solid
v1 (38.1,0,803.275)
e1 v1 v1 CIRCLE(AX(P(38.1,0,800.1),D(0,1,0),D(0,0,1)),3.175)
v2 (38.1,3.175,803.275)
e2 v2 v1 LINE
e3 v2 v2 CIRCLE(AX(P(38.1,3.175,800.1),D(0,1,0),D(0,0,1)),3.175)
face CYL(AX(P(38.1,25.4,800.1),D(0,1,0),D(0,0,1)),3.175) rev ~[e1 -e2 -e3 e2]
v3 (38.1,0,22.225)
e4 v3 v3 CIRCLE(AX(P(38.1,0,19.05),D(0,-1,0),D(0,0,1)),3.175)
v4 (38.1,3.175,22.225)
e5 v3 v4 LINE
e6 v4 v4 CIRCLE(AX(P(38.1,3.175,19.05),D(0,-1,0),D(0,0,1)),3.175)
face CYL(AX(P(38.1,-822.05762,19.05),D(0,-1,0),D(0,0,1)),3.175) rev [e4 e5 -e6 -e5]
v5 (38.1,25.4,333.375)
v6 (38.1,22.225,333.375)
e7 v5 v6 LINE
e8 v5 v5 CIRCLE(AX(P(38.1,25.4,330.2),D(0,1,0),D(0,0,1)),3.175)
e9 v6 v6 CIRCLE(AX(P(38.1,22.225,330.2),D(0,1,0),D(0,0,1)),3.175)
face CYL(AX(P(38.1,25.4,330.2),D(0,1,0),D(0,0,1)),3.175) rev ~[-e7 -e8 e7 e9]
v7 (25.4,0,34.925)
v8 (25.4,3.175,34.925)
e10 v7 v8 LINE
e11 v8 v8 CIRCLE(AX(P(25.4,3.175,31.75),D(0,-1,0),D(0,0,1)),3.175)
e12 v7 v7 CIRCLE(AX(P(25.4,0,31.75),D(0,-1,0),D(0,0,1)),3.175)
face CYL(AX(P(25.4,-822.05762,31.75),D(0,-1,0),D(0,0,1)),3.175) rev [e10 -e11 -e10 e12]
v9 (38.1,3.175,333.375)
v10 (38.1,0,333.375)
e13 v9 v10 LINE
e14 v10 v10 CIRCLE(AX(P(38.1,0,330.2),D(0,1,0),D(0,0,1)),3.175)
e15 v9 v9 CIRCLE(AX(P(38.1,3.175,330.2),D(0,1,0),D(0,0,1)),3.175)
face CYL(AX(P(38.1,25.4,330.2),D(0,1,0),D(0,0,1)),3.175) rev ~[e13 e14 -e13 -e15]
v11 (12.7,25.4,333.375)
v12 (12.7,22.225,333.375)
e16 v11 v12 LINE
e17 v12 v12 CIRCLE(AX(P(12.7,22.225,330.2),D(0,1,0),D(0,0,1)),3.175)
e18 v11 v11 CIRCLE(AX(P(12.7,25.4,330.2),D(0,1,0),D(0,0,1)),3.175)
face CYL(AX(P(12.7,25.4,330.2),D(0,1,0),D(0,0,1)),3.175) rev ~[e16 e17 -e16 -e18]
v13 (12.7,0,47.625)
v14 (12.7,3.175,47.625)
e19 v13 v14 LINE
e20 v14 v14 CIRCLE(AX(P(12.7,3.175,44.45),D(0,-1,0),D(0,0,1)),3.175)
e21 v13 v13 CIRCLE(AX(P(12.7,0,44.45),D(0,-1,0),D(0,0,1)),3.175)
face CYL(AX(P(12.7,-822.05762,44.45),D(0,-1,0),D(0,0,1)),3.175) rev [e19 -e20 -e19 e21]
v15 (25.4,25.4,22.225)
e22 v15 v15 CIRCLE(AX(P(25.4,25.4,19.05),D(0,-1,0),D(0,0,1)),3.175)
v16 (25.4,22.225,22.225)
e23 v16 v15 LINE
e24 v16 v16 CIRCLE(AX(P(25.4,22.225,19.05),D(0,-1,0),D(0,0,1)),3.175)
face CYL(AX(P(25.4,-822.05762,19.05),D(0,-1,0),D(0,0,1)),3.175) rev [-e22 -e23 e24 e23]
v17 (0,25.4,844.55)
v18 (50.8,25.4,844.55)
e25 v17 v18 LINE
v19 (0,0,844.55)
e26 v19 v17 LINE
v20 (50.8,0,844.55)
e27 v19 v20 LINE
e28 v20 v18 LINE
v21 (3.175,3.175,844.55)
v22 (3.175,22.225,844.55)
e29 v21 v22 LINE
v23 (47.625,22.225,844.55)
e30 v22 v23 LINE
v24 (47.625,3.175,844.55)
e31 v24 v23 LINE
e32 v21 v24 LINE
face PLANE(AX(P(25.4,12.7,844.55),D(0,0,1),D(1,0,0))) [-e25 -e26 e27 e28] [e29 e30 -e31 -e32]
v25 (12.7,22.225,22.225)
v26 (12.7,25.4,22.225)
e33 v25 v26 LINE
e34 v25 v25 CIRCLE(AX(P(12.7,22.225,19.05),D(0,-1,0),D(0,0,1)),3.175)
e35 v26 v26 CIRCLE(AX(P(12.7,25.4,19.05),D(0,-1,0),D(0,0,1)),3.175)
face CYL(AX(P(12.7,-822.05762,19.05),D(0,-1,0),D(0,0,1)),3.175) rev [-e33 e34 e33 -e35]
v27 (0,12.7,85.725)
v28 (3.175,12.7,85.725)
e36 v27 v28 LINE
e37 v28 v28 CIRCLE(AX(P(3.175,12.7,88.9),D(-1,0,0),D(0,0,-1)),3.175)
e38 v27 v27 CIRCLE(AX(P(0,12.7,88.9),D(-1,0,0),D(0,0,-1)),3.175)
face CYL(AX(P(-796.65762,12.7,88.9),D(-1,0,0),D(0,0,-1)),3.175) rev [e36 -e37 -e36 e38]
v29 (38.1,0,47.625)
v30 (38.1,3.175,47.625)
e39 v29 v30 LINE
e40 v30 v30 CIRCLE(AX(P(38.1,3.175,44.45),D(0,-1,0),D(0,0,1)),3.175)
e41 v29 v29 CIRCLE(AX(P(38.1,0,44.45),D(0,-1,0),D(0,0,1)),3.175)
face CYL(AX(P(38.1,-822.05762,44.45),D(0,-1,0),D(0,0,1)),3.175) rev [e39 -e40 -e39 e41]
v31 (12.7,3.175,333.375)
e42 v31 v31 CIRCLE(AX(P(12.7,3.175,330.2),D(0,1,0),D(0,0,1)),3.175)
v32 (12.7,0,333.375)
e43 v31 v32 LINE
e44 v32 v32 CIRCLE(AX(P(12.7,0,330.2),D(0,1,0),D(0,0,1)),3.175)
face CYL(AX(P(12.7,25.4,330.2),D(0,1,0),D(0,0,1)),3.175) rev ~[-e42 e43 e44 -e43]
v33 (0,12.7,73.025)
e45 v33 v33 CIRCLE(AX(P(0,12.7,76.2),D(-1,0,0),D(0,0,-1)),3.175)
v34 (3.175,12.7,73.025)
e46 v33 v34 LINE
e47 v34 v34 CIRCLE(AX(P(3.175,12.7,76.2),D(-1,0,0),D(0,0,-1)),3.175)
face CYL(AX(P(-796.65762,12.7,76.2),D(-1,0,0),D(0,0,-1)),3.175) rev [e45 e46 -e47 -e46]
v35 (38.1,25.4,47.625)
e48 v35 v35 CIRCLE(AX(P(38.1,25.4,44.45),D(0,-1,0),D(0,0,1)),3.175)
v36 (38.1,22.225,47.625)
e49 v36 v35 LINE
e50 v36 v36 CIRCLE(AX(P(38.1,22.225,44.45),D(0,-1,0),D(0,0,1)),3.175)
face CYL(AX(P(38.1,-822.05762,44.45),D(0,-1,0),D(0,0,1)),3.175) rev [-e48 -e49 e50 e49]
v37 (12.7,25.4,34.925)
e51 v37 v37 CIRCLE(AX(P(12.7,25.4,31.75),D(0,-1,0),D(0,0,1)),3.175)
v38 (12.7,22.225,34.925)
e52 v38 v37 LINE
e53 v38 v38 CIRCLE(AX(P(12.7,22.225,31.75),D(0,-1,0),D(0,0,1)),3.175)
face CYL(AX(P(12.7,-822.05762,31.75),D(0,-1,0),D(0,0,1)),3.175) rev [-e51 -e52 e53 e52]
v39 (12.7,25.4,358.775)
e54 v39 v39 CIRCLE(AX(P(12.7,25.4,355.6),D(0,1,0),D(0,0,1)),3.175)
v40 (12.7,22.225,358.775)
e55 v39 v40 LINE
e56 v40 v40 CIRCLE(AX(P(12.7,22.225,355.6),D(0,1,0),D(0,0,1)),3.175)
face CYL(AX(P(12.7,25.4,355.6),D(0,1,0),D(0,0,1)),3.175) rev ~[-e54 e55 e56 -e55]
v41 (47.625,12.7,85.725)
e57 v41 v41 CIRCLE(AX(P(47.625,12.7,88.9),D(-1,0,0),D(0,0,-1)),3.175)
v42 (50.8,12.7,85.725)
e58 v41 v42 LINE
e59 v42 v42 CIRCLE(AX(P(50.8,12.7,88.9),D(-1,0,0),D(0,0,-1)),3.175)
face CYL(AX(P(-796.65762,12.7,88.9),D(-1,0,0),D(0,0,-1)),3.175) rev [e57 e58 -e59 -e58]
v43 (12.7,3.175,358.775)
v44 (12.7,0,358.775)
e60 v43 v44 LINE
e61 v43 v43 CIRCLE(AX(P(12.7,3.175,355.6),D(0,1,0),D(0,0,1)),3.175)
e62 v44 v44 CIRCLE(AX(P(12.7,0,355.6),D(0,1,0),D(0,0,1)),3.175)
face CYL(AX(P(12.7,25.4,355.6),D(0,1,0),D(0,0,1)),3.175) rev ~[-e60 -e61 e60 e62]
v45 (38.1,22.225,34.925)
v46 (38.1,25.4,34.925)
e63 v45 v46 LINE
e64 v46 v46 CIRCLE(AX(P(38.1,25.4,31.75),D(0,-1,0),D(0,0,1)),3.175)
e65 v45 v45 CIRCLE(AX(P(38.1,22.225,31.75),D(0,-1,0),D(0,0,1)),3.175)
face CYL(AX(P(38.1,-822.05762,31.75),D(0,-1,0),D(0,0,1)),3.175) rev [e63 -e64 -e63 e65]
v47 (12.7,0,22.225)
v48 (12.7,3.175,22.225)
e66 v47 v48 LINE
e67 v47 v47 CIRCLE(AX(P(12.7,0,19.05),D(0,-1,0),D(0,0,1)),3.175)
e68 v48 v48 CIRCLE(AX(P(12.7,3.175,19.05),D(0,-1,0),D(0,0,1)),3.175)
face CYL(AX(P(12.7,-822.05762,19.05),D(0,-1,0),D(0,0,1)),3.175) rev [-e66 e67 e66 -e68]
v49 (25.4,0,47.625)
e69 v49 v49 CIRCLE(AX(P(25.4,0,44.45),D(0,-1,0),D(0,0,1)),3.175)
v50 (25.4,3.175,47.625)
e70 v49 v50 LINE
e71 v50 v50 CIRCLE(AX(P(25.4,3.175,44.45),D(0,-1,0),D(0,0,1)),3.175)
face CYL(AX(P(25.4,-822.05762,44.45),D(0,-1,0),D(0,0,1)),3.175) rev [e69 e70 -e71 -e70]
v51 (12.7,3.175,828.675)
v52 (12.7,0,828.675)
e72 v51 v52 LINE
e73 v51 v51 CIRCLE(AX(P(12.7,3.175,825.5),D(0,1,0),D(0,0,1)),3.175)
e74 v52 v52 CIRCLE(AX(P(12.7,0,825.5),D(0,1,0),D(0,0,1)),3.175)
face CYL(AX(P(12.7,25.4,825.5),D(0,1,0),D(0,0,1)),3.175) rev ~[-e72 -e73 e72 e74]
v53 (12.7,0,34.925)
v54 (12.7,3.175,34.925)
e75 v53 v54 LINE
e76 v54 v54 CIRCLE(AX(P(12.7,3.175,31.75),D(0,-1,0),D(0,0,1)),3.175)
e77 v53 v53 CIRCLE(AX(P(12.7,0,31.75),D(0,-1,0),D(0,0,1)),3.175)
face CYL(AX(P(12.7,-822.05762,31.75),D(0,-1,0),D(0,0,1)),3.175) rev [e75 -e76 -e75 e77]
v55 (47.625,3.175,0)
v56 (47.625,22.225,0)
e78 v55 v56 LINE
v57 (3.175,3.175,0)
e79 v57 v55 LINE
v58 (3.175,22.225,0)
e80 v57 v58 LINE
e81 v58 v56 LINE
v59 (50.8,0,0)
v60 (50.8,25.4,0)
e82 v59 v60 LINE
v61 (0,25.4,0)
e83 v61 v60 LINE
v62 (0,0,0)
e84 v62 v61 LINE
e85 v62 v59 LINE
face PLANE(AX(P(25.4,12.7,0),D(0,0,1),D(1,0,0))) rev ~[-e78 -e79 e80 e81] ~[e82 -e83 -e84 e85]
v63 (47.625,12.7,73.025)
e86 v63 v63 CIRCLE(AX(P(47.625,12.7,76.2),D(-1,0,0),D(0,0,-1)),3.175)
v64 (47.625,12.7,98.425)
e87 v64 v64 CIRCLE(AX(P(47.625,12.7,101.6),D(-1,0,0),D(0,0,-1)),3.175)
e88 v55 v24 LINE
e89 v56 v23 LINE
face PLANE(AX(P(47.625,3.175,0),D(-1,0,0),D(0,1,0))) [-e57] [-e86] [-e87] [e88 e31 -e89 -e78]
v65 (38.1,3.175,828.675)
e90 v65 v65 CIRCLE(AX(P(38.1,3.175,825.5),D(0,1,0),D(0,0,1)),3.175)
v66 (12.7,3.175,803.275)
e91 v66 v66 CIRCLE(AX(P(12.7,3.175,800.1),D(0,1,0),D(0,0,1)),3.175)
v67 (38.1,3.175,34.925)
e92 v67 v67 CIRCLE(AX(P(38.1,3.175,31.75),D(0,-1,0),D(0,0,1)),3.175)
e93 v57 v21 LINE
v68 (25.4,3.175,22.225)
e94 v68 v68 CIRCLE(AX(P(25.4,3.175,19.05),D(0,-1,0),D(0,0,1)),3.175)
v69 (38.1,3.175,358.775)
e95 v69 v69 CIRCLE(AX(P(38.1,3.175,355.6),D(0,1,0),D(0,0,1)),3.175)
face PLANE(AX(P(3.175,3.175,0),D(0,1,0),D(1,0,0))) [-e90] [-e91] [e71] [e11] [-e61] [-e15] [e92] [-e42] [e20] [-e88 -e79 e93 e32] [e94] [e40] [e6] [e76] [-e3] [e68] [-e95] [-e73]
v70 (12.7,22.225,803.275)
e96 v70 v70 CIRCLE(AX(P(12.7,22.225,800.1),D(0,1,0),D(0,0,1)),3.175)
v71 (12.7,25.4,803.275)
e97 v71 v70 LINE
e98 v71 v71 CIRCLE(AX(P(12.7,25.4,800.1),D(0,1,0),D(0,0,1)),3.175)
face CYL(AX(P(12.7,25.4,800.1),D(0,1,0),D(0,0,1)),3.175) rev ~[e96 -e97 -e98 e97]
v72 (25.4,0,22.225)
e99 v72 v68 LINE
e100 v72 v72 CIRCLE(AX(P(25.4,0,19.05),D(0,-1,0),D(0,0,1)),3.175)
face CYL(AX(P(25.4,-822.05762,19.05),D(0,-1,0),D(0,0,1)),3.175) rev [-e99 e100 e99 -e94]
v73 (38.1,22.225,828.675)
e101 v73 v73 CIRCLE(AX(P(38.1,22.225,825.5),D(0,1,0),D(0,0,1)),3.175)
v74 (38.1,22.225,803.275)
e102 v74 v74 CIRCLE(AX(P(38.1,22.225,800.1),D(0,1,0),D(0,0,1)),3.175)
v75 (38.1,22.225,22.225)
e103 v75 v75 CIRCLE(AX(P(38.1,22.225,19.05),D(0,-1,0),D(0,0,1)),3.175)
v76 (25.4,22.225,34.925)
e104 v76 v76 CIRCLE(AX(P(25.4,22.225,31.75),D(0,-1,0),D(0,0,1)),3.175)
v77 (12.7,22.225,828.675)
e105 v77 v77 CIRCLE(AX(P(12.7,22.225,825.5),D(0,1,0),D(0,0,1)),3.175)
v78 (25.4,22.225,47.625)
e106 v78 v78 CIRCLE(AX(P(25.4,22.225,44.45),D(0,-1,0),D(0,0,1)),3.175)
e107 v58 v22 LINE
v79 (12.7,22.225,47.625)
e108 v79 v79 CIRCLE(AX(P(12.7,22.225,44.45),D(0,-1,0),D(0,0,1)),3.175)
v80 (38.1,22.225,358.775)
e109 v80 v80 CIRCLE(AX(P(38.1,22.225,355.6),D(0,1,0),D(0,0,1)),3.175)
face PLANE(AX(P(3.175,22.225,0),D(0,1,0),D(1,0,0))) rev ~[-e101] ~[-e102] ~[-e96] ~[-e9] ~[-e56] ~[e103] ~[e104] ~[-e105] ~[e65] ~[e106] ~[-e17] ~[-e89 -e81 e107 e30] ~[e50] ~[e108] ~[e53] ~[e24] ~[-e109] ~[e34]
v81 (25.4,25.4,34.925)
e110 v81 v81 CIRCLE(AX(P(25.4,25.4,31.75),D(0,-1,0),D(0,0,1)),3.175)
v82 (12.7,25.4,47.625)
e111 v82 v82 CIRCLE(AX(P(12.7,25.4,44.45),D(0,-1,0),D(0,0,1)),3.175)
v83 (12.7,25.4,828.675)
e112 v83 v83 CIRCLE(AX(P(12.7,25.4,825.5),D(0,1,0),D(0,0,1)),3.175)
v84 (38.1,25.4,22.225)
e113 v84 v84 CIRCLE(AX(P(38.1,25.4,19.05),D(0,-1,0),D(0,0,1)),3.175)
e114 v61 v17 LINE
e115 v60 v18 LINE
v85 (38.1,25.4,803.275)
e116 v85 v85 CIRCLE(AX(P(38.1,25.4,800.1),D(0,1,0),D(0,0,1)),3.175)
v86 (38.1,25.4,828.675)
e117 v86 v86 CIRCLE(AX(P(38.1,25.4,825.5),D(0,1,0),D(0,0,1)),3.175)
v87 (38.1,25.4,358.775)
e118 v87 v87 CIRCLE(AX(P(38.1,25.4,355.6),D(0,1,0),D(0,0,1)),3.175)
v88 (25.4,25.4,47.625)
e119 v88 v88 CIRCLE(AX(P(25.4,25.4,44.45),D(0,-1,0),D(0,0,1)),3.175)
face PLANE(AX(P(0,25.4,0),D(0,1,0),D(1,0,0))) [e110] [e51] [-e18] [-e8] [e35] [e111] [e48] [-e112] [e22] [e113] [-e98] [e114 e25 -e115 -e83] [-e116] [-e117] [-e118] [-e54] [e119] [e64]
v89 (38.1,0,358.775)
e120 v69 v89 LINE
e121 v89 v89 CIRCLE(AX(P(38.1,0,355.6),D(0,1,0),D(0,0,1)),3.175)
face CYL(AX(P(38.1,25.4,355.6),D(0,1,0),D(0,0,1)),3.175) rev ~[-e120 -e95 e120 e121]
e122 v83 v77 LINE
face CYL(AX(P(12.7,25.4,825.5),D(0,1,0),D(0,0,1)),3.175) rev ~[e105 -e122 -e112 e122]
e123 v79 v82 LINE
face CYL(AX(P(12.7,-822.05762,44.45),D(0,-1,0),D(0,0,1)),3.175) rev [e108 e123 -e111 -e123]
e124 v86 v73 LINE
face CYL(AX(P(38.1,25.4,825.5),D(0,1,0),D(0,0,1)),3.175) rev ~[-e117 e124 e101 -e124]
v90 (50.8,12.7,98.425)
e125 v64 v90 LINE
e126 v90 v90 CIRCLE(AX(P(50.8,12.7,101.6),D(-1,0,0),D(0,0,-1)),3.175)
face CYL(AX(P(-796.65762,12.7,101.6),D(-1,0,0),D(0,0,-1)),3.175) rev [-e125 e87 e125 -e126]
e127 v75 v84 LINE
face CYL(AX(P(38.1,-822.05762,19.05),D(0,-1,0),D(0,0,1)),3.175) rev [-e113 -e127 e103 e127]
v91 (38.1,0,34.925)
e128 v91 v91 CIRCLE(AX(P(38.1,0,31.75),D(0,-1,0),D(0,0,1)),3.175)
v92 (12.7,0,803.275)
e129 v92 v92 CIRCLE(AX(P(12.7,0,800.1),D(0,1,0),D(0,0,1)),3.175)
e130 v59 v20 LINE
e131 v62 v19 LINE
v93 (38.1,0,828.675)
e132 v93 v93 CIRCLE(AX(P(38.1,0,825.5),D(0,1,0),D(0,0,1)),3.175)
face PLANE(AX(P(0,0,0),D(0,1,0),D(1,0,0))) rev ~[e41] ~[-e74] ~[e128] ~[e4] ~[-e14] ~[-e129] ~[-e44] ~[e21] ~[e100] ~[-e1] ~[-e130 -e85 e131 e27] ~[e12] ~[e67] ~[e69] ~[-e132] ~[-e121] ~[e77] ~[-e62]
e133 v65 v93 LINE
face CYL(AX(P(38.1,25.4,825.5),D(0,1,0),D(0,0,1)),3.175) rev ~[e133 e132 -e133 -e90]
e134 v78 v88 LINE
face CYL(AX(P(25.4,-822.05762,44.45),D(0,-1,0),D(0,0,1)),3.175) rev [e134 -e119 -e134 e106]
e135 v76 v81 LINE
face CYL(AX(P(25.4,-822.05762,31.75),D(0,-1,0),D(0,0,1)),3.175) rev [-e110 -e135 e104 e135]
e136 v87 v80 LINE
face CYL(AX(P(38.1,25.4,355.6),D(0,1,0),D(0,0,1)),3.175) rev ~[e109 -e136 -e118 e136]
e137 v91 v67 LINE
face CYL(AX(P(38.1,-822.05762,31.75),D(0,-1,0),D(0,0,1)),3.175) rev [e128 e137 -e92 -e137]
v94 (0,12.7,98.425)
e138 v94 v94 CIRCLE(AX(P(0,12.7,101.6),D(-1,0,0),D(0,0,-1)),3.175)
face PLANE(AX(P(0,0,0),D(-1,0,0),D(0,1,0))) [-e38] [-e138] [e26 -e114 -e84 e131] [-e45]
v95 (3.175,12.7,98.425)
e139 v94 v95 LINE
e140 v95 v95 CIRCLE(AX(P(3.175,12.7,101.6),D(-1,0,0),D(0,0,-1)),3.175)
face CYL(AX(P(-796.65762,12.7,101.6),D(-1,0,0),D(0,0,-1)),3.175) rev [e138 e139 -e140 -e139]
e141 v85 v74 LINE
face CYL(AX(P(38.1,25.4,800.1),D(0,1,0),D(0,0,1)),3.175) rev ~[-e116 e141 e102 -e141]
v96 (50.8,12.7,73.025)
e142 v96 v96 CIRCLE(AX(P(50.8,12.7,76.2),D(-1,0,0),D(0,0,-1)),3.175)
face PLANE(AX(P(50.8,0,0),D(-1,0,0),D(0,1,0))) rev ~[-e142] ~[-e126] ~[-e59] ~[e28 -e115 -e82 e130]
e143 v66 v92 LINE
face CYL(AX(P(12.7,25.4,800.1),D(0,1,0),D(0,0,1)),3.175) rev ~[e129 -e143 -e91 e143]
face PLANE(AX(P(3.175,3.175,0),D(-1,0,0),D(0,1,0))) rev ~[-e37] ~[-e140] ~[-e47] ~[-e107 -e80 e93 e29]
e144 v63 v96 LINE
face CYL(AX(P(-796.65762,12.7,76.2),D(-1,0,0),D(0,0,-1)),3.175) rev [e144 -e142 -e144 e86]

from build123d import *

# Parameters (mm, degrees)
SKETCH1_W               = 50.8
SKETCH1_H               = 25.4
SKETCH1_W_2             = 44.45
SKETCH1_H_2             = 19.05
BOSS_EXTRUDE1_DEPTH     = 844.55
CUT_EXTRUDE1_DEPTH      = 847.457620026
CUT_EXTRUDE1_DEPTH_BACK = 847.457620026
SKETCH2_R               = 3.175
CUT_EXTRUDE2_DEPTH      = 847.457620026
CUT_EXTRUDE2_DEPTH_BACK = 847.457620026
SKETCH3_R               = 3.175
SKETCH4_R               = 3.175
CUT_EXTRUDE3_DEPTH      = 847.457620026
SKETCH5_R               = 3.175
CUT_EXTRUDE4_DEPTH      = 847.457620026


with BuildPart() as part:
    # Sketch1 → Boss-Extrude1 (new body)
    with BuildSketch(Plane.XY):
        with Locations((25.4, 12.7)):
            Rectangle(SKETCH1_W, SKETCH1_H)
        with Locations((25.4, 12.7)):
            Rectangle(SKETCH1_W_2, SKETCH1_H_2, mode=Mode.SUBTRACT)
    extrude(amount=BOSS_EXTRUDE1_DEPTH)

    # Sketch2 → Cut-Extrude1 (cut, two sides: drawn at the far end of the back side and taken through both)
    with BuildSketch(Plane(origin=(50.8, 0, 0), x_dir=(0, 0, -1), z_dir=(1, 0, 0)).offset(-CUT_EXTRUDE1_DEPTH_BACK)):
        with Locations((-76.2, 12.7)):
            Circle(SKETCH2_R)
        with Locations((-88.9, 12.7)):
            Circle(SKETCH2_R)
        with Locations((-101.6, 12.7)):
            Circle(SKETCH2_R)
    extrude(amount=CUT_EXTRUDE1_DEPTH + CUT_EXTRUDE1_DEPTH_BACK, mode=Mode.SUBTRACT)

    # Sketch3 → Cut-Extrude2 (cut, two sides: drawn at the far end of the back side and taken through both)
    with BuildSketch(Plane(origin=(0, 25.4, 0), x_dir=(1, 0, 0), z_dir=(0, 1, 0)).offset(-CUT_EXTRUDE2_DEPTH_BACK)):
        with Locations(Location((12.7, -19.05, 0), (0, 0, 270))):
            Circle(SKETCH3_R)
        with Locations(Location((25.4, -19.05, 0), (0, 0, 270))):
            Circle(SKETCH3_R)
        with Locations(Location((38.1, -19.05, 0), (0, 0, 270))):
            Circle(SKETCH3_R)
        with Locations(Location((25.4, -31.75, 0), (0, 0, 270))):
            Circle(SKETCH3_R)
        with Locations(Location((38.1, -31.75, 0), (0, 0, 270))):
            Circle(SKETCH3_R)
        with Locations(Location((25.4, -44.45, 0), (0, 0, 270))):
            Circle(SKETCH3_R)
        with Locations(Location((38.1, -44.45, 0), (0, 0, 270))):
            Circle(SKETCH3_R)
        with Locations(Location((12.7, -31.75, 0), (0, 0, 270))):
            Circle(SKETCH3_R)
        with Locations(Location((12.7, -44.45, 0), (0, 0, 270))):
            Circle(SKETCH3_R)
    extrude(amount=CUT_EXTRUDE2_DEPTH + CUT_EXTRUDE2_DEPTH_BACK, mode=Mode.SUBTRACT)

    # Sketch4 → Cut-Extrude3 (cut, through all)
    with BuildSketch(Plane(origin=(0, 25.4, 0), x_dir=(1, 0, 0), z_dir=(0, 1, 0))):
        with Locations(Location((12.7, -330.2, 0), (0, 0, 270))):
            Circle(SKETCH4_R)
        with Locations(Location((38.1, -330.2, 0), (0, 0, 270))):
            Circle(SKETCH4_R)
        with Locations(Location((12.7, -355.6, 0), (0, 0, 270))):
            Circle(SKETCH4_R)
        with Locations(Location((38.1, -355.6, 0), (0, 0, 270))):
            Circle(SKETCH4_R)
    extrude(amount=-CUT_EXTRUDE3_DEPTH, mode=Mode.SUBTRACT)

    # Sketch5 → Cut-Extrude4 (cut, through all)
    with BuildSketch(Plane(origin=(0, 25.4, 0), x_dir=(1, 0, 0), z_dir=(0, 1, 0))):
        with Locations(Location((12.7, -825.5, 0), (0, 0, 270))):
            Circle(SKETCH5_R)
        with Locations(Location((38.1, -825.5, 0), (0, 0, 270))):
            Circle(SKETCH5_R)
        with Locations(Location((38.1, -800.1, 0), (0, 0, 270))):
            Circle(SKETCH5_R)
        with Locations(Location((12.7, -800.1, 0), (0, 0, 270))):
            Circle(SKETCH5_R)
    extrude(amount=-CUT_EXTRUDE4_DEPTH, mode=Mode.SUBTRACT)


solid = part.part
